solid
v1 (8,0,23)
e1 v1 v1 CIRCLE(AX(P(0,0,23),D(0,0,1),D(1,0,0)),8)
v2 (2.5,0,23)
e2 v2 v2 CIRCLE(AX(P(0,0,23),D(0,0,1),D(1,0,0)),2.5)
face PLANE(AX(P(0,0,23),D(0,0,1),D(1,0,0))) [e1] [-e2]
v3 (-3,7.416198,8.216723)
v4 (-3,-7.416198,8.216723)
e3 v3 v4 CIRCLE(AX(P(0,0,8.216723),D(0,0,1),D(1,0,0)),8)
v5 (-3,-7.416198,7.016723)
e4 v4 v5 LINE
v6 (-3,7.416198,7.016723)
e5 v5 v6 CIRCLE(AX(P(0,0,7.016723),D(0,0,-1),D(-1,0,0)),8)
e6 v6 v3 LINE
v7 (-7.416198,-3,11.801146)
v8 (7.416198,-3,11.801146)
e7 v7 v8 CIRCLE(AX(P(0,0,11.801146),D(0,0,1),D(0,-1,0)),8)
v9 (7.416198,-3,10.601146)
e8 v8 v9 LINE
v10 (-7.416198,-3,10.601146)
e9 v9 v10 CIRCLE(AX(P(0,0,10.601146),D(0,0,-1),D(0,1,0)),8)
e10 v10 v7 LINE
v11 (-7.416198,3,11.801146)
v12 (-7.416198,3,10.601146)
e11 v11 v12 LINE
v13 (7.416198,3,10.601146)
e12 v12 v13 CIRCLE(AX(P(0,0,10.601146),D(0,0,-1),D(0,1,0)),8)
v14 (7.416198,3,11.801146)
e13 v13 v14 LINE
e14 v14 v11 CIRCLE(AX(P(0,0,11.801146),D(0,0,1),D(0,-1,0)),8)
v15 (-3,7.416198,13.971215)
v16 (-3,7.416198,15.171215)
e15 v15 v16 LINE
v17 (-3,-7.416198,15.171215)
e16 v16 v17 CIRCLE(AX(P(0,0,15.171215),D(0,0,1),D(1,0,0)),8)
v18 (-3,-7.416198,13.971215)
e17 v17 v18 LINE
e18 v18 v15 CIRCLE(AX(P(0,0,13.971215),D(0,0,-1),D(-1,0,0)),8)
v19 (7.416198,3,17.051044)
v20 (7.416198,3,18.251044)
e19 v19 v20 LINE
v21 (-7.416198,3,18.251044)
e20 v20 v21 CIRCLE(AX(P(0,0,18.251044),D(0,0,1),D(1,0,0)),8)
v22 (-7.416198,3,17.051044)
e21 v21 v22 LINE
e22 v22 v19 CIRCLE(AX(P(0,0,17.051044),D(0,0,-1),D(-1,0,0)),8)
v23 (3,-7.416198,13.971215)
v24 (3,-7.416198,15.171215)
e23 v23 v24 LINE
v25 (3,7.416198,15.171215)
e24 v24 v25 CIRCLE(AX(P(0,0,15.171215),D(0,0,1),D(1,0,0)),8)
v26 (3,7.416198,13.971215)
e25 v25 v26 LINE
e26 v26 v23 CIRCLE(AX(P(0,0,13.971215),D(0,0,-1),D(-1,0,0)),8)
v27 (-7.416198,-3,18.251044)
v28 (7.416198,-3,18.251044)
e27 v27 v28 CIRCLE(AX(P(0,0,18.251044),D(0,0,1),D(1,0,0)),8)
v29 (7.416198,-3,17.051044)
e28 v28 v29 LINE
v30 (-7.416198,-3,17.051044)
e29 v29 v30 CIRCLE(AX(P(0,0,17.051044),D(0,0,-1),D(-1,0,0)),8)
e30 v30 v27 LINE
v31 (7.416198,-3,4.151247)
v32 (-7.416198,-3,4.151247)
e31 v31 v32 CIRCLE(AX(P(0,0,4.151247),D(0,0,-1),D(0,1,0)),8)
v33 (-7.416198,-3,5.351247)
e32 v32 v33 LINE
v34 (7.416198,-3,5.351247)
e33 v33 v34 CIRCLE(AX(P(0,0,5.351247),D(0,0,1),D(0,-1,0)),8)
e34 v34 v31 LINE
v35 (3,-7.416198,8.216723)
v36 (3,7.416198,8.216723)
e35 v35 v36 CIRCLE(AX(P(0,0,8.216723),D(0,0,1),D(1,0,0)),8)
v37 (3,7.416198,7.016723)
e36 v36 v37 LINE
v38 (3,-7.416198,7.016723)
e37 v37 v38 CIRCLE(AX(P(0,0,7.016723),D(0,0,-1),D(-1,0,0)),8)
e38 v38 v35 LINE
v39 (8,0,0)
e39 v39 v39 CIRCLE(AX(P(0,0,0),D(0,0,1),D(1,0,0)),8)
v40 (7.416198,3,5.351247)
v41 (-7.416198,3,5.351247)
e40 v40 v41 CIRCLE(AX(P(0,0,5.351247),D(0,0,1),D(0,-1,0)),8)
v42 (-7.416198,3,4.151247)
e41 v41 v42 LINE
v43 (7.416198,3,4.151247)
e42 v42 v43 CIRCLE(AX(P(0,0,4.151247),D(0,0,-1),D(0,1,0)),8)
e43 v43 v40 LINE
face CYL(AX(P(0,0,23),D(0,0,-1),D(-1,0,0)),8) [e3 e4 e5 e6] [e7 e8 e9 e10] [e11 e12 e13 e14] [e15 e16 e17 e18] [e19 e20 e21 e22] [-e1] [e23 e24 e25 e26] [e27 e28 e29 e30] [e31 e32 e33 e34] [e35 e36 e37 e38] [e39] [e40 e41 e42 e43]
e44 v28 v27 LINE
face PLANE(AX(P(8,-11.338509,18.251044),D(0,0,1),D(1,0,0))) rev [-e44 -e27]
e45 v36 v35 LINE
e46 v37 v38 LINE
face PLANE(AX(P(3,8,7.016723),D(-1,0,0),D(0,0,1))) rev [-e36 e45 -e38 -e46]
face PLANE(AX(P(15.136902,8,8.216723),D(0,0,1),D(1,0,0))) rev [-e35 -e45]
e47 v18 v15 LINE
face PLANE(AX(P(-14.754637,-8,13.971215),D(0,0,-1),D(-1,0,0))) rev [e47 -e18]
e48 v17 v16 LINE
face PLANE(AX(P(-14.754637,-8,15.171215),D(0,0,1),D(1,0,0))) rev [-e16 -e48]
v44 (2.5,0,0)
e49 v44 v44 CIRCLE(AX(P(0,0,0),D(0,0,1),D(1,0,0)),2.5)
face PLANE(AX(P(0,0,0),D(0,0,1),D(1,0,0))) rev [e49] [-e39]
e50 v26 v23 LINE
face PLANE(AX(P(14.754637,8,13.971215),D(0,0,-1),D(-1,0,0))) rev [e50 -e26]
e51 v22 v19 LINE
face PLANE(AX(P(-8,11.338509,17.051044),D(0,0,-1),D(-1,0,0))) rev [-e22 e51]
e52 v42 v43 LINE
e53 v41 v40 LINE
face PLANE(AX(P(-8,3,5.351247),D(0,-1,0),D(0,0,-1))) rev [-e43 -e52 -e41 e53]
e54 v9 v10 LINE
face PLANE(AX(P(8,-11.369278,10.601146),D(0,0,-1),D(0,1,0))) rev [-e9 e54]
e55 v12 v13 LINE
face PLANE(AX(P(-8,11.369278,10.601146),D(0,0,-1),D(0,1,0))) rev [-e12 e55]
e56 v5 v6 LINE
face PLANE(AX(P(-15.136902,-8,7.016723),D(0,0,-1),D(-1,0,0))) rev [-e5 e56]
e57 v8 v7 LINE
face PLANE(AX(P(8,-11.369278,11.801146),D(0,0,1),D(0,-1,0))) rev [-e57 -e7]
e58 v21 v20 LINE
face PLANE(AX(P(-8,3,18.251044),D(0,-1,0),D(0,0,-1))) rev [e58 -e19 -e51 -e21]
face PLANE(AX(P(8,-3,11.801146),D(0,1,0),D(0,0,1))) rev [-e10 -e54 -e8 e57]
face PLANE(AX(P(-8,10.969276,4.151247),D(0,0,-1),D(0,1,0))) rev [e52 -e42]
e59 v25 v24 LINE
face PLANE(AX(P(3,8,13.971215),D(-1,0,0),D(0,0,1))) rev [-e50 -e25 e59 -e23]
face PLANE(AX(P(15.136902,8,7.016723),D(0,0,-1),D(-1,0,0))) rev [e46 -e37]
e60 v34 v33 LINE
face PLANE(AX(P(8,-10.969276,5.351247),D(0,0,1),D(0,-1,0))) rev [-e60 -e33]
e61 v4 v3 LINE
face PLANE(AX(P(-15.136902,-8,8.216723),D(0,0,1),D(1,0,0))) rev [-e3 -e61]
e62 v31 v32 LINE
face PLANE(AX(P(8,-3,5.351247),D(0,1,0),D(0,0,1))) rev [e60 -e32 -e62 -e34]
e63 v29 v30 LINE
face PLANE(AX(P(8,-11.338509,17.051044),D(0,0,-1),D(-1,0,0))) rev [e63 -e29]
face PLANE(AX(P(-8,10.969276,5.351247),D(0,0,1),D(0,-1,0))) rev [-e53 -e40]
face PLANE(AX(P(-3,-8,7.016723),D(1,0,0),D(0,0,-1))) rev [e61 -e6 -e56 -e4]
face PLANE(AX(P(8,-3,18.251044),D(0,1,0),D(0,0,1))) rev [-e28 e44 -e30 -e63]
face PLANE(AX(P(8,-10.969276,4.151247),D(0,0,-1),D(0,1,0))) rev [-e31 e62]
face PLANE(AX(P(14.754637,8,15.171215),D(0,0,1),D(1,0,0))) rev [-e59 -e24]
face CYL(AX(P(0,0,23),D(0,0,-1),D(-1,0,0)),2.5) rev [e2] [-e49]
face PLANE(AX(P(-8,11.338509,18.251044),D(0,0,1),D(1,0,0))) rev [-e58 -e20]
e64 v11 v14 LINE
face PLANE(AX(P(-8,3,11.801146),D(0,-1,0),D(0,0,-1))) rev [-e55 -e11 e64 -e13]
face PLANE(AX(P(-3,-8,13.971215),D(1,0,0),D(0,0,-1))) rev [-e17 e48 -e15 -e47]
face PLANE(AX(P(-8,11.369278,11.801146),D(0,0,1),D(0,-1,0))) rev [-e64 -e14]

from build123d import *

# Parameters (mm, degrees)
SKETCH1_R           = 8
SKETCH1_R_2         = 2.5
BOSS_EXTRUDE1_DEPTH = 23
SKETCH2_W           = 12.136901607
SKETCH2_H           = 1.2
SKETCH2_W_2         = 11.75463699
CUT_EXTRUDE1_DEPTH  = 9
CIRPATTERN1_COUNT   = 2
SKETCH3_W           = 1.2
SKETCH3_H           = 8.369278369
SKETCH3_H_2         = 8.338508964
SKETCH3_H_3         = 7.969276094
CUT_EXTRUDE2_DEPTH  = 9
CIRPATTERN2_COUNT   = 2


with BuildPart() as part:
    # Sketch1 → Boss-Extrude1 (new body)
    with BuildSketch(Plane.XY):
        Circle(SKETCH1_R)
        Circle(SKETCH1_R_2, mode=Mode.SUBTRACT)
    extrude(amount=BOSS_EXTRUDE1_DEPTH)

    # Sketch2 → Cut-Extrude1 (cut, symmetric)
    with BuildSketch(Plane(origin=(0, 0, 0), x_dir=(1, 0, 0), z_dir=(0, 1, 0))):
        with Locations((-9.068450803, -7.616722674)):
            Rectangle(SKETCH2_W, SKETCH2_H)
        with Locations((-8.877318495, -14.571215167)):
            Rectangle(SKETCH2_W_2, SKETCH2_H)
    cut_extrude1 = extrude(amount=CUT_EXTRUDE1_DEPTH, both=True, mode=Mode.SUBTRACT)

    # CirPattern1: Cut-Extrude1 ×2 about axis
    cirpattern1_axis = Axis((0, 0, 23), (0, 0, -1))
    for i in range(1, CIRPATTERN1_COUNT):
        add(cut_extrude1.rotate(cirpattern1_axis, i * 360 / CIRPATTERN1_COUNT), mode=Mode.SUBTRACT)

    # Sketch3 → Cut-Extrude2 (cut, symmetric)
    with BuildSketch(Plane(origin=(0, 0, 0), x_dir=(0, 0, -1), z_dir=(1, 0, 0))):
        with Locations((-11.201145593, 7.184639184)):
            Rectangle(SKETCH3_W, SKETCH3_H)
        with Locations((-17.65104418, 7.169254482)):
            Rectangle(SKETCH3_W, SKETCH3_H_2)
        with Locations((-4.751247006, 6.984638047)):
            Rectangle(SKETCH3_W, SKETCH3_H_3)
    cut_extrude2 = extrude(amount=CUT_EXTRUDE2_DEPTH, both=True, mode=Mode.SUBTRACT)

    # CirPattern2: Cut-Extrude2 ×2 about axis
    cirpattern2_axis = Axis((0, 0, 23), (0, 0, -1))
    for i in range(1, CIRPATTERN2_COUNT):
        add(cut_extrude2.rotate(cirpattern2_axis, i * 360 / CIRPATTERN2_COUNT), mode=Mode.SUBTRACT)


solid = part.part
